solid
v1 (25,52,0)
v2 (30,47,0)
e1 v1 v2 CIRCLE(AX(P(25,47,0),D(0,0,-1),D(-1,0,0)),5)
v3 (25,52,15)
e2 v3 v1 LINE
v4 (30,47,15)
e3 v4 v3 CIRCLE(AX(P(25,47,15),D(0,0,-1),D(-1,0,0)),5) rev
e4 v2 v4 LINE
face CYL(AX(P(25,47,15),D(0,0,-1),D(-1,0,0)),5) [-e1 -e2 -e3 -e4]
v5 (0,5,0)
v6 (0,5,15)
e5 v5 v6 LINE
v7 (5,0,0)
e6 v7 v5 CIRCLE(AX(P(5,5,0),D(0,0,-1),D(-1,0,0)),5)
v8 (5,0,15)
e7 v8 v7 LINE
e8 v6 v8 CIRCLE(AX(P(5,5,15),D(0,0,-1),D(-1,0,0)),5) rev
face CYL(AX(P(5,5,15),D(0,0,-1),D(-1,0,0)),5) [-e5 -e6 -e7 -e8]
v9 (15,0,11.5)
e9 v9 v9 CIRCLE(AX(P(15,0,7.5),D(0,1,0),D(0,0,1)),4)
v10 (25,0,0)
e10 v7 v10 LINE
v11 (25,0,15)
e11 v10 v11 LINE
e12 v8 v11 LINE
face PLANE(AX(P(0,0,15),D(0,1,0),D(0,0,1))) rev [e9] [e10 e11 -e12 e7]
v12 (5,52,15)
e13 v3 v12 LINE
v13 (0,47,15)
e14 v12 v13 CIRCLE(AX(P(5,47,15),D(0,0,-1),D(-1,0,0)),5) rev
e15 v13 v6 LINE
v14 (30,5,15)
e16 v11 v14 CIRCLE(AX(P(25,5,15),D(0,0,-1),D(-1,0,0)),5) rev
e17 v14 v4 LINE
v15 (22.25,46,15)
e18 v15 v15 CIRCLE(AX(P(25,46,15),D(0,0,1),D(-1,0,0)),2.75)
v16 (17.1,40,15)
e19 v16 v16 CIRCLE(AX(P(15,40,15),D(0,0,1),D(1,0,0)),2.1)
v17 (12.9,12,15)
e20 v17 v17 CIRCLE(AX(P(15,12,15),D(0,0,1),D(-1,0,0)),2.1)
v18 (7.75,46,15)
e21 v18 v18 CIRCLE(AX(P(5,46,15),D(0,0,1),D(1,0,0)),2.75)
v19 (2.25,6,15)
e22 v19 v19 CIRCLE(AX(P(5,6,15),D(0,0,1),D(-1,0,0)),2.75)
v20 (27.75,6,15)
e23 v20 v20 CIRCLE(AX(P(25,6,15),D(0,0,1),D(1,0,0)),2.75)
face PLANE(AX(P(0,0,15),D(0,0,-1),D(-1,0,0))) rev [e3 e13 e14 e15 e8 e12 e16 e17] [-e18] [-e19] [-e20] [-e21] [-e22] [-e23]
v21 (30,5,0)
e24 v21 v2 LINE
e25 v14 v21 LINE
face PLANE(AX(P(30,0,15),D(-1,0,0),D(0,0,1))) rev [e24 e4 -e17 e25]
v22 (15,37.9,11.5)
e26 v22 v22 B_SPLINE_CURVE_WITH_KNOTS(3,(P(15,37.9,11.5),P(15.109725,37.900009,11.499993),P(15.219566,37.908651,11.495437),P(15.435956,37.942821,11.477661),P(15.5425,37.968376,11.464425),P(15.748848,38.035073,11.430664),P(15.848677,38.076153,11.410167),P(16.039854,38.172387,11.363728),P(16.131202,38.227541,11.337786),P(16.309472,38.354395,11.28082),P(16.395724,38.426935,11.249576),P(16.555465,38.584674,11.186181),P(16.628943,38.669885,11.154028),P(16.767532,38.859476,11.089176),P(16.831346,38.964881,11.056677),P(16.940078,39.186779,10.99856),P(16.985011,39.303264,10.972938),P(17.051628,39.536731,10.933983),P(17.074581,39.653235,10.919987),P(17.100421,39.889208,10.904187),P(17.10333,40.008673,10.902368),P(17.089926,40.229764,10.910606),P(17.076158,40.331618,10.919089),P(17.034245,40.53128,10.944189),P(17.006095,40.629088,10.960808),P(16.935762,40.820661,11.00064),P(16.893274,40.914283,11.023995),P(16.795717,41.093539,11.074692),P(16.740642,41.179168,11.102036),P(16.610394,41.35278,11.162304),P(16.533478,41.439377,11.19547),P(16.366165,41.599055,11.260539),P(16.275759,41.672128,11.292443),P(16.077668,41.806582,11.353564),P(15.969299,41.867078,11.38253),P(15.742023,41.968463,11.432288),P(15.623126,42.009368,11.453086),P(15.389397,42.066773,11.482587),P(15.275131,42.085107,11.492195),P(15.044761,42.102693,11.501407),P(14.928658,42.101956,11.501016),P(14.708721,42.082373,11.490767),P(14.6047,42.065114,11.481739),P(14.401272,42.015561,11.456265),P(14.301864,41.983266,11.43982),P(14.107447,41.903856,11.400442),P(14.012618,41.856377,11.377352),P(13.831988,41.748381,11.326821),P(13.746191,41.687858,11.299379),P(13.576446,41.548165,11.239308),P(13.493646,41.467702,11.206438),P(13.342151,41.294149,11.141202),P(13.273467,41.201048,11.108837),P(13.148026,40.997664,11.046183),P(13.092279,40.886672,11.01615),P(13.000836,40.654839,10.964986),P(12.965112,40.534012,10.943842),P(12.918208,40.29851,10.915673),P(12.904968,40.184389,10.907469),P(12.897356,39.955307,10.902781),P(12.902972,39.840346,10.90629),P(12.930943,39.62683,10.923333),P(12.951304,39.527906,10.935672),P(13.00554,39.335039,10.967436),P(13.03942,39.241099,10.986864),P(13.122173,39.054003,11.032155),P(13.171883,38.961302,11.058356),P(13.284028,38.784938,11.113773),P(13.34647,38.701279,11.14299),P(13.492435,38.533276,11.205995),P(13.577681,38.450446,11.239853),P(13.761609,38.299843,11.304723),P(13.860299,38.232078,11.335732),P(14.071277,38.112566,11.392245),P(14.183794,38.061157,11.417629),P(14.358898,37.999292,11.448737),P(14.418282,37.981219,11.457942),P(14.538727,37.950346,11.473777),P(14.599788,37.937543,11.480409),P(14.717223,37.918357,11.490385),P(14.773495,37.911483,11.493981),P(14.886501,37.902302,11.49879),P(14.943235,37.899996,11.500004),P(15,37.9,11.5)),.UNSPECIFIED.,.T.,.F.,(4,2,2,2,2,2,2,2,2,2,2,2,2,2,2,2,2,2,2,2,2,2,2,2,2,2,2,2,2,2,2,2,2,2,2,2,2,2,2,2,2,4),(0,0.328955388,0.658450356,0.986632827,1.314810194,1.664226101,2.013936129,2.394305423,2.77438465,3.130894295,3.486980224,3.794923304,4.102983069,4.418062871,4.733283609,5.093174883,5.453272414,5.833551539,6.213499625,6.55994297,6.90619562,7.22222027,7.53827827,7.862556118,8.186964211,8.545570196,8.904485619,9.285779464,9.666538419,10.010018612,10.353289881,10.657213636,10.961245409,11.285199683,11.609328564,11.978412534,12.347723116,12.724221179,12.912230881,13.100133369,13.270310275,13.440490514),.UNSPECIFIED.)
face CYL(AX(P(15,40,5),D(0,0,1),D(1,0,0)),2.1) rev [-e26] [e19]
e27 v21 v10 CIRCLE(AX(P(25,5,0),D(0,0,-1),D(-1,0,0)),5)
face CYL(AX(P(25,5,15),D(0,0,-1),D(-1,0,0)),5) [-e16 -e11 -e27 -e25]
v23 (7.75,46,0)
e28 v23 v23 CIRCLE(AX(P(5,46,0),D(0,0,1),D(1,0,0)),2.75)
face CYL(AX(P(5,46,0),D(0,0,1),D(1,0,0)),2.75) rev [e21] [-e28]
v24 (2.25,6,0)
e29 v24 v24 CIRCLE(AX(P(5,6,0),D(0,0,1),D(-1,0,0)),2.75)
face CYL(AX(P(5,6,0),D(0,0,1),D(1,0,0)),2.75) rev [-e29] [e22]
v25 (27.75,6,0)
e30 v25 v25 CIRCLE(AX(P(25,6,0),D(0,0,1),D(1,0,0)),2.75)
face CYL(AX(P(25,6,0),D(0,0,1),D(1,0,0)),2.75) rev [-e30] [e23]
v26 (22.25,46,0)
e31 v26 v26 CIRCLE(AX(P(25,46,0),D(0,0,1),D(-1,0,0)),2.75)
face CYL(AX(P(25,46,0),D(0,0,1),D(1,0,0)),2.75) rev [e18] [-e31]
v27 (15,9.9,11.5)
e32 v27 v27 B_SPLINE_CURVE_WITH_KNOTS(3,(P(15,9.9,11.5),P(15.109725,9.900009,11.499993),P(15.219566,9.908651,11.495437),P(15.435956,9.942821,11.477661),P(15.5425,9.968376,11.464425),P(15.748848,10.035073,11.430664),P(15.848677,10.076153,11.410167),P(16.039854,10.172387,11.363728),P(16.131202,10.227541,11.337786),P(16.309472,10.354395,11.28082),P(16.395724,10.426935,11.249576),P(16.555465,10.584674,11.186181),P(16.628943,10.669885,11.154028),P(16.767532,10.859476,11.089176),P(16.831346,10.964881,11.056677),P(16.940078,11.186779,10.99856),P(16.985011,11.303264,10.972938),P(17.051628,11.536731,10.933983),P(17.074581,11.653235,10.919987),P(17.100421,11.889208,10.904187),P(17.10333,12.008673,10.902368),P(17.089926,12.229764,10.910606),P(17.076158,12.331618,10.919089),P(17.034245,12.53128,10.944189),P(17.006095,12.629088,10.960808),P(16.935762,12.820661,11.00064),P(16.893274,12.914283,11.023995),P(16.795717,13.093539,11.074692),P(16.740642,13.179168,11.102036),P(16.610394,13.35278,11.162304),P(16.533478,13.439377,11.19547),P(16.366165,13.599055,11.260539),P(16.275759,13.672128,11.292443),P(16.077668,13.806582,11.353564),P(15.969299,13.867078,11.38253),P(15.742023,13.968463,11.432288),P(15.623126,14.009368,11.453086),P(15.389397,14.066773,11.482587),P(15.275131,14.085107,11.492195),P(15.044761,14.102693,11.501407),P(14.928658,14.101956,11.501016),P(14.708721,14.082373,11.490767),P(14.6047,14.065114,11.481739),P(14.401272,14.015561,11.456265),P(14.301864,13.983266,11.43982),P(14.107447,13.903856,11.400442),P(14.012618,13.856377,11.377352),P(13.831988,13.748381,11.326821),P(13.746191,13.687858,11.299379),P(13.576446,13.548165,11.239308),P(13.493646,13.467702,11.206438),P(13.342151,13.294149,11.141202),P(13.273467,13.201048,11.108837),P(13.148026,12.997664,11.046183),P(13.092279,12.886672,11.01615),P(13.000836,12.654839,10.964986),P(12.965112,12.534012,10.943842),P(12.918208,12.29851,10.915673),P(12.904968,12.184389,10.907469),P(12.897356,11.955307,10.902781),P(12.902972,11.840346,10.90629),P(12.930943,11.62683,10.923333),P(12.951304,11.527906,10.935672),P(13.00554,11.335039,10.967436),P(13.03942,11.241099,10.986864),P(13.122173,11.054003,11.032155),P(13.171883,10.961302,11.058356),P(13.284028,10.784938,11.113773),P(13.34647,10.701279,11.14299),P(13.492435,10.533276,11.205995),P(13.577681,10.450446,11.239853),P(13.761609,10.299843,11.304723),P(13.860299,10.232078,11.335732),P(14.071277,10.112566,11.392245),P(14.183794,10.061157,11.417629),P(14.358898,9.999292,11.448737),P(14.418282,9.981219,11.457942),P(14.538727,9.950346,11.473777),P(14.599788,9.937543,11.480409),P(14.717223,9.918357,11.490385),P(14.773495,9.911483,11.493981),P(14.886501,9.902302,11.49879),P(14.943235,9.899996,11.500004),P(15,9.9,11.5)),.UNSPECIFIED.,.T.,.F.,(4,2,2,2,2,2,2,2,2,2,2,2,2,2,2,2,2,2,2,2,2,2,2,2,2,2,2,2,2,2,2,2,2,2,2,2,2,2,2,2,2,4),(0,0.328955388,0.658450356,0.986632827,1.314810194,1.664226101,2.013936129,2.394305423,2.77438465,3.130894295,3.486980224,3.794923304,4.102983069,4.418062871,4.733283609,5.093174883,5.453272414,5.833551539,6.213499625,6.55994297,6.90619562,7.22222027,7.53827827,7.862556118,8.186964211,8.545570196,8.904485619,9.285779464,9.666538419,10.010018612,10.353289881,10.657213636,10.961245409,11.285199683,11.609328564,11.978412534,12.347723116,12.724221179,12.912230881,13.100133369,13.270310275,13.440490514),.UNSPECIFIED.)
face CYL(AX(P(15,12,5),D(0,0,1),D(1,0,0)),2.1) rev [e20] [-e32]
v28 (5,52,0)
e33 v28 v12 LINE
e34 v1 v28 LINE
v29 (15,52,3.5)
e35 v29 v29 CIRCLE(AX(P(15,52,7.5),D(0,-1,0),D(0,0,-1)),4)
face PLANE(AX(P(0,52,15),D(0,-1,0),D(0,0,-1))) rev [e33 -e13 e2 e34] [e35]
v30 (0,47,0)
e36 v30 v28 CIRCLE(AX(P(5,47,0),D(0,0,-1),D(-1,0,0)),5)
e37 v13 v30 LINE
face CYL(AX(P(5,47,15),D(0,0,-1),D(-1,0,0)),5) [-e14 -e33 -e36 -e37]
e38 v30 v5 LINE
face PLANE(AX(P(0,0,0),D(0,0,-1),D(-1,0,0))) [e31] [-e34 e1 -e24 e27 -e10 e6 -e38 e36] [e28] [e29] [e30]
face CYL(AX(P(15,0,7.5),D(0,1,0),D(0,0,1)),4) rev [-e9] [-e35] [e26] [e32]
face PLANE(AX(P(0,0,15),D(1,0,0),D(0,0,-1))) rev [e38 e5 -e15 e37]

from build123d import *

# Parameters (mm, degrees)
ESQUISSE1_W                  = 30
ESQUISSE1_H                  = 52
BOSS_EXTRU_1_DEPTH           = 15
ENL_V_MAT_EXTRU_1_DEPTH      = 62.878914018
ENL_V_MAT_EXTRU_1_DEPTH_BACK = 62.878914018
ESQUISSE2_R                  = 4
ESQUISSE3_R                  = 2.75
ENL_V_MAT_EXTRU_2_DEPTH      = 62.878914018
CONG_1_R                     = 5
ESQUISSE4_R                  = 2.1
ENL_V_MAT_EXTRU_3_DEPTH      = 10


with BuildPart() as part:
    # Esquisse1 → Boss.-Extru.1 (new body)
    with BuildSketch(Plane.XY):
        with Locations((15, 26)):
            Rectangle(ESQUISSE1_W, ESQUISSE1_H)
    extrude(amount=BOSS_EXTRU_1_DEPTH)

    # Esquisse2 → Enlèv. mat.-Extru.1 (cut, two sides: drawn at the far end of the back side and taken through both)
    with BuildSketch(Plane(origin=(0, 52, 0), x_dir=(1, 0, 0), z_dir=(0, 1, 0)).offset(-ENL_V_MAT_EXTRU_1_DEPTH_BACK)):
        with Locations(Location((15, -7.5, 0), (0, 0, 270))):
            Circle(ESQUISSE2_R)
    extrude(amount=ENL_V_MAT_EXTRU_1_DEPTH + ENL_V_MAT_EXTRU_1_DEPTH_BACK, mode=Mode.SUBTRACT)

    # Esquisse3 → Enlèv. mat.-Extru.2 (cut, through all)
    with BuildSketch(Plane.XY.offset(15)):
        with Locations((5, 46)):
            Circle(ESQUISSE3_R)
        with Locations(Location((25, 46, 0), (0, 0, 180))):
            Circle(ESQUISSE3_R)
        with Locations((25, 6)):
            Circle(ESQUISSE3_R)
        with Locations(Location((5, 6, 0), (0, 0, 180))):
            Circle(ESQUISSE3_R)
    extrude(amount=-ENL_V_MAT_EXTRU_2_DEPTH, mode=Mode.SUBTRACT)

    # Congé1
    cong_1_edges = [part.edges().sort_by_distance(p)[0] for p in [
        (0, 52, 7.5),
        (30, 52, 7.5),
        (30, 0, 7.5),
        (0, 0, 7.5),
    ]]
    fillet(cong_1_edges, radius=CONG_1_R)

    # Esquisse4 → Enlèv. mat.-Extru.3 (cut)
    with BuildSketch(Plane.XY.offset(15)):
        with Locations((15, 40)):
            Circle(ESQUISSE4_R)
        with Locations(Location((15, 12, 0), (0, 0, 89.999999995))):
            Circle(ESQUISSE4_R)
    extrude(amount=-ENL_V_MAT_EXTRU_3_DEPTH, mode=Mode.SUBTRACT)


solid = part.part
